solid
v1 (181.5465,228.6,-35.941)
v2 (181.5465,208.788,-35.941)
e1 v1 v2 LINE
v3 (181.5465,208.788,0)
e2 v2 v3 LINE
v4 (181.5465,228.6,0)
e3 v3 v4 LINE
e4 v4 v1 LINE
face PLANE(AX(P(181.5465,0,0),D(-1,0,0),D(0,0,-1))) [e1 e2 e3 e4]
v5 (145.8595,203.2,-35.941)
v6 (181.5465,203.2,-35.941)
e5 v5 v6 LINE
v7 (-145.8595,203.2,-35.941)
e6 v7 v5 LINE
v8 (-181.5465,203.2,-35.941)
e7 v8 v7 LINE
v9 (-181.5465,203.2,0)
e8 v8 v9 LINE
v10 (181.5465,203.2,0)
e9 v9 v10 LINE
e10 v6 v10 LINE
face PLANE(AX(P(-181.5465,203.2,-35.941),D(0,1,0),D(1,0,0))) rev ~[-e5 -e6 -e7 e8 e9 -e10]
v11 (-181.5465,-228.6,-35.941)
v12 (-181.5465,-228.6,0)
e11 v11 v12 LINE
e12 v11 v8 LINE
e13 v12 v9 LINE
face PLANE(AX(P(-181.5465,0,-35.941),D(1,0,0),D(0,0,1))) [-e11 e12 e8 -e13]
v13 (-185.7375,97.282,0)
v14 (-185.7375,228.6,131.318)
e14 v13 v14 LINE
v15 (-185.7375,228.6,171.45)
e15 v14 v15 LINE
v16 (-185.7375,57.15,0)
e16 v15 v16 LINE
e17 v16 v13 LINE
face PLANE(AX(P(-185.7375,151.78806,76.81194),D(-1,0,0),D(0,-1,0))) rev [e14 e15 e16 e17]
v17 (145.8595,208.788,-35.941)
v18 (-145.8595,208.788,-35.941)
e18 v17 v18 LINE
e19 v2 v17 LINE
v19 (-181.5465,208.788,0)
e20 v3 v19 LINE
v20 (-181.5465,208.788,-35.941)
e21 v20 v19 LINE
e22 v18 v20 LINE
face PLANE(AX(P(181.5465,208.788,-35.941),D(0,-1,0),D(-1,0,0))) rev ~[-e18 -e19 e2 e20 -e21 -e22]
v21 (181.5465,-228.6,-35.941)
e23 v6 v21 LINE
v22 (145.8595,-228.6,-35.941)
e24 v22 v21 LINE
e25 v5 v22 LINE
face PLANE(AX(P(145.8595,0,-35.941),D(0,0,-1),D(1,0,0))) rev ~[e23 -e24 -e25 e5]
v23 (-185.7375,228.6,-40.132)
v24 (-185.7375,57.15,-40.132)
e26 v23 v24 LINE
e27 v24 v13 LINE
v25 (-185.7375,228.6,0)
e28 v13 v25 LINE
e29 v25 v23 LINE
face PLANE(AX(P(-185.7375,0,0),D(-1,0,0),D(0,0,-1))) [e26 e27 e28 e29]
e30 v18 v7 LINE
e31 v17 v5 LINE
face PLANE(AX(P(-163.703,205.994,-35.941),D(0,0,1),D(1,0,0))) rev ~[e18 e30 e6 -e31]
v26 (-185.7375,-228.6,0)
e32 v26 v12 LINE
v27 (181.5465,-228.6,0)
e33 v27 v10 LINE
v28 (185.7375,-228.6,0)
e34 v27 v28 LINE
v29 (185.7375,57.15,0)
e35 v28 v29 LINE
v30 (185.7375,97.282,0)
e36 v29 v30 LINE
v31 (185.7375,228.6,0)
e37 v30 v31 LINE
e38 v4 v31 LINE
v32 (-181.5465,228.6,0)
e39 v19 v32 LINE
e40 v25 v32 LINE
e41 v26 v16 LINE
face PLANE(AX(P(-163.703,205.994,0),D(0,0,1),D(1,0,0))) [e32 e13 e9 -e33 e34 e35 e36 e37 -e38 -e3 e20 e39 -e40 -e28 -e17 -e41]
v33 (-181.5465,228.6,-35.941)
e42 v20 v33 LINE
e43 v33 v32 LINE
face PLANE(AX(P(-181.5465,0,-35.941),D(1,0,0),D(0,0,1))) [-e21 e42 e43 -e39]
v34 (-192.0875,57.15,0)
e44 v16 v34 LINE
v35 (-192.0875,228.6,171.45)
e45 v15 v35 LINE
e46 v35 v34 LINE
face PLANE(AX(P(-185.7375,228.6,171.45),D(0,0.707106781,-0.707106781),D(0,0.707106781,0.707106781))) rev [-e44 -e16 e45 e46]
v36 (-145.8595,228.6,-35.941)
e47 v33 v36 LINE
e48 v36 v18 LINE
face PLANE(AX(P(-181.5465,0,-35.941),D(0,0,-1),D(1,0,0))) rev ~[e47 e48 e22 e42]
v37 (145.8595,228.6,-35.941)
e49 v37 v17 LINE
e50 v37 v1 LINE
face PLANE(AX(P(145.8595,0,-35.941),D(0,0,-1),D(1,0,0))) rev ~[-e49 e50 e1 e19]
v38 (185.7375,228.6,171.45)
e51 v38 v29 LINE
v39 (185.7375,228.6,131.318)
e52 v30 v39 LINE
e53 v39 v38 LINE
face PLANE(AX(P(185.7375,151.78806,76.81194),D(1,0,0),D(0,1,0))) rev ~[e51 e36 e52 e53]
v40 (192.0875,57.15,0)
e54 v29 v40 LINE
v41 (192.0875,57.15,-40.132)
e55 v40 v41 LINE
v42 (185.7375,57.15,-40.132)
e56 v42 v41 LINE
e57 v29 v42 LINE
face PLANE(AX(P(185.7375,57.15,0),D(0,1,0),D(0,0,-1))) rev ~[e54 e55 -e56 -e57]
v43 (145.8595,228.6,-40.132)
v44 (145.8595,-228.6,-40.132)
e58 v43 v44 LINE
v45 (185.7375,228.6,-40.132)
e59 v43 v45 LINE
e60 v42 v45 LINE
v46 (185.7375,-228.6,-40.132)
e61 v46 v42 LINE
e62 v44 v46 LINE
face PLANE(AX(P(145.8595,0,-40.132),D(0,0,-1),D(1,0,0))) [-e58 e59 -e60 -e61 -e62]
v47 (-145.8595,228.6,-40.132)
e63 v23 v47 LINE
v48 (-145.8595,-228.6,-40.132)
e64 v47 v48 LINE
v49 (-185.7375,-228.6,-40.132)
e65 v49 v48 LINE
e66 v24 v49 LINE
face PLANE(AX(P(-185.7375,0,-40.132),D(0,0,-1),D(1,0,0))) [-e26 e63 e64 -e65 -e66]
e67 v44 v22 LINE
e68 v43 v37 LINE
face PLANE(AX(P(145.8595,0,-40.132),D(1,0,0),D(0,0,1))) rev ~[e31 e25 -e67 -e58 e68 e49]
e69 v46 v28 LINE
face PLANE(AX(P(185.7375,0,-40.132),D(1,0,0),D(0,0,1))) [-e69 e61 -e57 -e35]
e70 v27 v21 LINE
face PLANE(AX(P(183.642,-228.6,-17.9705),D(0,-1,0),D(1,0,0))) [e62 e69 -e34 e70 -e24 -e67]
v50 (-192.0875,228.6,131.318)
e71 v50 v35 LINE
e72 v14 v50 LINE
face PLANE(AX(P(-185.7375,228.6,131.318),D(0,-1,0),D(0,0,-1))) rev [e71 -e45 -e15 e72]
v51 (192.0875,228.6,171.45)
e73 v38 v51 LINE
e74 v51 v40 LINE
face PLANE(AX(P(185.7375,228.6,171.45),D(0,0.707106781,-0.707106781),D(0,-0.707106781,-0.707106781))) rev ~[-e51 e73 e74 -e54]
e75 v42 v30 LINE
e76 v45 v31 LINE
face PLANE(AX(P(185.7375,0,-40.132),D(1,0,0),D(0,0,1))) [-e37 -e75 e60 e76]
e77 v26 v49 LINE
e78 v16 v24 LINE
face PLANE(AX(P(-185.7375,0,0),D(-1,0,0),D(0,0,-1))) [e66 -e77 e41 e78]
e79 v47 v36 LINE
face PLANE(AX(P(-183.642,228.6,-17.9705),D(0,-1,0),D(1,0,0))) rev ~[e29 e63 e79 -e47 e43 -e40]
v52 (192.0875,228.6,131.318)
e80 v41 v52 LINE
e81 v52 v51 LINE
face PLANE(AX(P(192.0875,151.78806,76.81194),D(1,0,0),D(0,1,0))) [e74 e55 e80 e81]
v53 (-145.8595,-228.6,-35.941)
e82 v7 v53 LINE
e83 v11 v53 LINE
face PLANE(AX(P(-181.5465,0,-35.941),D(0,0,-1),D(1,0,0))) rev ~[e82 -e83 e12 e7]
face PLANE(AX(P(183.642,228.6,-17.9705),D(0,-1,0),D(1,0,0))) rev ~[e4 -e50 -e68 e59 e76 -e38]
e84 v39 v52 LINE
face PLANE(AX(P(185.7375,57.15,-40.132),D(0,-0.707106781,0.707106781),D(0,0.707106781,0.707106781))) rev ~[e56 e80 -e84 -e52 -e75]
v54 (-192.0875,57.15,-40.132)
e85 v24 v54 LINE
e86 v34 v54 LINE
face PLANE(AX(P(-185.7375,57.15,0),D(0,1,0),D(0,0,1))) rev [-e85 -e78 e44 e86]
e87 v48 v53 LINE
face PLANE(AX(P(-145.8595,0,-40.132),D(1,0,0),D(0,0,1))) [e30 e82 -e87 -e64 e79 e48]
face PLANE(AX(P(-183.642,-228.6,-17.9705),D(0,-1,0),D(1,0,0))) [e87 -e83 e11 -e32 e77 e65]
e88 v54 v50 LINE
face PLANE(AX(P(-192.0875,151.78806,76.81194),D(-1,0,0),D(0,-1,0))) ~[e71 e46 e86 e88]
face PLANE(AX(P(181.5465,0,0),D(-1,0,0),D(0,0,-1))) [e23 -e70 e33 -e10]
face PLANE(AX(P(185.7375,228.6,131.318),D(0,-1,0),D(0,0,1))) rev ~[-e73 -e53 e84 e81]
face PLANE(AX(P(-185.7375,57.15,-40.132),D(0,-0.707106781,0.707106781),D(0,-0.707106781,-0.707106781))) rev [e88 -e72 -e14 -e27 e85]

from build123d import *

# Parameters (mm, degrees)
F0_W     = 4.191
F0_H     = 35.941
F0_W_2   = 35.687
F0_H_2   = 4.191
F1_DEPTH = 228.6
F2_W     = 35.687
F2_H     = 5.588
F2_W_2   = 291.719
F3_DEPTH = 35.941
F5_DEPTH = 6.35


with BuildPart() as f1:
    # F0 (on Front) → F1 (new body, symmetric)
    with BuildSketch(Plane.XZ):
        with Locations((-183.642, -17.9705)):
            Rectangle(F0_W, F0_H)
        with Locations((-163.703, -38.0365)):
            Rectangle(F0_W_2, F0_H_2)
        with Locations((-183.642, -38.0365)):
            Rectangle(F0_W, F0_H_2)
    extrude(amount=F1_DEPTH, both=True)



with BuildPart() as f1b:
    # F0 (on Front) → F1, piece 2 (new body, symmetric)
    with BuildSketch(Plane.XZ):
        with Locations((183.642, -17.9705)):
            Rectangle(F0_W, F0_H)
        with Locations((183.642, -38.0365)):
            Rectangle(F0_W, F0_H_2)
        with Locations((163.703, -38.0365)):
            Rectangle(F0_W_2, F0_H_2)
    extrude(amount=F1_DEPTH, both=True)


with BuildPart() as f1_1:
    add(f1.part)

    add(f1b.part)  # F3 merges F1b
    # F2 (on face) → F3 (join)
    with BuildSketch(Plane.XY.offset(-35.941)):
        with Locations((-163.703, 205.994)):
            Rectangle(F2_W, F2_H)
        with Locations((0, 205.994)):
            Rectangle(F2_W_2, F2_H)
        with Locations((163.703, 205.994)):
            Rectangle(F2_W, F2_H)
    extrude(amount=F3_DEPTH)

    # F4 (on face) → F5 (join)
    with BuildSketch(Plane.YZ.offset(185.7375)):
        Polygon((228.6, 171.45), (57.15, 0), (97.282, 0), (228.6, 131.318), align=None)
        Polygon((97.282, 0), (57.15, 0), (57.15, -40.132), align=None)
    extrude(amount=F5_DEPTH)

    # F6: F1 across plane


with BuildPart() as f1_2:
    add(f1_1.part)
    add(f1_1.part.mirror(Plane.YZ))


solid = f1_2.part
